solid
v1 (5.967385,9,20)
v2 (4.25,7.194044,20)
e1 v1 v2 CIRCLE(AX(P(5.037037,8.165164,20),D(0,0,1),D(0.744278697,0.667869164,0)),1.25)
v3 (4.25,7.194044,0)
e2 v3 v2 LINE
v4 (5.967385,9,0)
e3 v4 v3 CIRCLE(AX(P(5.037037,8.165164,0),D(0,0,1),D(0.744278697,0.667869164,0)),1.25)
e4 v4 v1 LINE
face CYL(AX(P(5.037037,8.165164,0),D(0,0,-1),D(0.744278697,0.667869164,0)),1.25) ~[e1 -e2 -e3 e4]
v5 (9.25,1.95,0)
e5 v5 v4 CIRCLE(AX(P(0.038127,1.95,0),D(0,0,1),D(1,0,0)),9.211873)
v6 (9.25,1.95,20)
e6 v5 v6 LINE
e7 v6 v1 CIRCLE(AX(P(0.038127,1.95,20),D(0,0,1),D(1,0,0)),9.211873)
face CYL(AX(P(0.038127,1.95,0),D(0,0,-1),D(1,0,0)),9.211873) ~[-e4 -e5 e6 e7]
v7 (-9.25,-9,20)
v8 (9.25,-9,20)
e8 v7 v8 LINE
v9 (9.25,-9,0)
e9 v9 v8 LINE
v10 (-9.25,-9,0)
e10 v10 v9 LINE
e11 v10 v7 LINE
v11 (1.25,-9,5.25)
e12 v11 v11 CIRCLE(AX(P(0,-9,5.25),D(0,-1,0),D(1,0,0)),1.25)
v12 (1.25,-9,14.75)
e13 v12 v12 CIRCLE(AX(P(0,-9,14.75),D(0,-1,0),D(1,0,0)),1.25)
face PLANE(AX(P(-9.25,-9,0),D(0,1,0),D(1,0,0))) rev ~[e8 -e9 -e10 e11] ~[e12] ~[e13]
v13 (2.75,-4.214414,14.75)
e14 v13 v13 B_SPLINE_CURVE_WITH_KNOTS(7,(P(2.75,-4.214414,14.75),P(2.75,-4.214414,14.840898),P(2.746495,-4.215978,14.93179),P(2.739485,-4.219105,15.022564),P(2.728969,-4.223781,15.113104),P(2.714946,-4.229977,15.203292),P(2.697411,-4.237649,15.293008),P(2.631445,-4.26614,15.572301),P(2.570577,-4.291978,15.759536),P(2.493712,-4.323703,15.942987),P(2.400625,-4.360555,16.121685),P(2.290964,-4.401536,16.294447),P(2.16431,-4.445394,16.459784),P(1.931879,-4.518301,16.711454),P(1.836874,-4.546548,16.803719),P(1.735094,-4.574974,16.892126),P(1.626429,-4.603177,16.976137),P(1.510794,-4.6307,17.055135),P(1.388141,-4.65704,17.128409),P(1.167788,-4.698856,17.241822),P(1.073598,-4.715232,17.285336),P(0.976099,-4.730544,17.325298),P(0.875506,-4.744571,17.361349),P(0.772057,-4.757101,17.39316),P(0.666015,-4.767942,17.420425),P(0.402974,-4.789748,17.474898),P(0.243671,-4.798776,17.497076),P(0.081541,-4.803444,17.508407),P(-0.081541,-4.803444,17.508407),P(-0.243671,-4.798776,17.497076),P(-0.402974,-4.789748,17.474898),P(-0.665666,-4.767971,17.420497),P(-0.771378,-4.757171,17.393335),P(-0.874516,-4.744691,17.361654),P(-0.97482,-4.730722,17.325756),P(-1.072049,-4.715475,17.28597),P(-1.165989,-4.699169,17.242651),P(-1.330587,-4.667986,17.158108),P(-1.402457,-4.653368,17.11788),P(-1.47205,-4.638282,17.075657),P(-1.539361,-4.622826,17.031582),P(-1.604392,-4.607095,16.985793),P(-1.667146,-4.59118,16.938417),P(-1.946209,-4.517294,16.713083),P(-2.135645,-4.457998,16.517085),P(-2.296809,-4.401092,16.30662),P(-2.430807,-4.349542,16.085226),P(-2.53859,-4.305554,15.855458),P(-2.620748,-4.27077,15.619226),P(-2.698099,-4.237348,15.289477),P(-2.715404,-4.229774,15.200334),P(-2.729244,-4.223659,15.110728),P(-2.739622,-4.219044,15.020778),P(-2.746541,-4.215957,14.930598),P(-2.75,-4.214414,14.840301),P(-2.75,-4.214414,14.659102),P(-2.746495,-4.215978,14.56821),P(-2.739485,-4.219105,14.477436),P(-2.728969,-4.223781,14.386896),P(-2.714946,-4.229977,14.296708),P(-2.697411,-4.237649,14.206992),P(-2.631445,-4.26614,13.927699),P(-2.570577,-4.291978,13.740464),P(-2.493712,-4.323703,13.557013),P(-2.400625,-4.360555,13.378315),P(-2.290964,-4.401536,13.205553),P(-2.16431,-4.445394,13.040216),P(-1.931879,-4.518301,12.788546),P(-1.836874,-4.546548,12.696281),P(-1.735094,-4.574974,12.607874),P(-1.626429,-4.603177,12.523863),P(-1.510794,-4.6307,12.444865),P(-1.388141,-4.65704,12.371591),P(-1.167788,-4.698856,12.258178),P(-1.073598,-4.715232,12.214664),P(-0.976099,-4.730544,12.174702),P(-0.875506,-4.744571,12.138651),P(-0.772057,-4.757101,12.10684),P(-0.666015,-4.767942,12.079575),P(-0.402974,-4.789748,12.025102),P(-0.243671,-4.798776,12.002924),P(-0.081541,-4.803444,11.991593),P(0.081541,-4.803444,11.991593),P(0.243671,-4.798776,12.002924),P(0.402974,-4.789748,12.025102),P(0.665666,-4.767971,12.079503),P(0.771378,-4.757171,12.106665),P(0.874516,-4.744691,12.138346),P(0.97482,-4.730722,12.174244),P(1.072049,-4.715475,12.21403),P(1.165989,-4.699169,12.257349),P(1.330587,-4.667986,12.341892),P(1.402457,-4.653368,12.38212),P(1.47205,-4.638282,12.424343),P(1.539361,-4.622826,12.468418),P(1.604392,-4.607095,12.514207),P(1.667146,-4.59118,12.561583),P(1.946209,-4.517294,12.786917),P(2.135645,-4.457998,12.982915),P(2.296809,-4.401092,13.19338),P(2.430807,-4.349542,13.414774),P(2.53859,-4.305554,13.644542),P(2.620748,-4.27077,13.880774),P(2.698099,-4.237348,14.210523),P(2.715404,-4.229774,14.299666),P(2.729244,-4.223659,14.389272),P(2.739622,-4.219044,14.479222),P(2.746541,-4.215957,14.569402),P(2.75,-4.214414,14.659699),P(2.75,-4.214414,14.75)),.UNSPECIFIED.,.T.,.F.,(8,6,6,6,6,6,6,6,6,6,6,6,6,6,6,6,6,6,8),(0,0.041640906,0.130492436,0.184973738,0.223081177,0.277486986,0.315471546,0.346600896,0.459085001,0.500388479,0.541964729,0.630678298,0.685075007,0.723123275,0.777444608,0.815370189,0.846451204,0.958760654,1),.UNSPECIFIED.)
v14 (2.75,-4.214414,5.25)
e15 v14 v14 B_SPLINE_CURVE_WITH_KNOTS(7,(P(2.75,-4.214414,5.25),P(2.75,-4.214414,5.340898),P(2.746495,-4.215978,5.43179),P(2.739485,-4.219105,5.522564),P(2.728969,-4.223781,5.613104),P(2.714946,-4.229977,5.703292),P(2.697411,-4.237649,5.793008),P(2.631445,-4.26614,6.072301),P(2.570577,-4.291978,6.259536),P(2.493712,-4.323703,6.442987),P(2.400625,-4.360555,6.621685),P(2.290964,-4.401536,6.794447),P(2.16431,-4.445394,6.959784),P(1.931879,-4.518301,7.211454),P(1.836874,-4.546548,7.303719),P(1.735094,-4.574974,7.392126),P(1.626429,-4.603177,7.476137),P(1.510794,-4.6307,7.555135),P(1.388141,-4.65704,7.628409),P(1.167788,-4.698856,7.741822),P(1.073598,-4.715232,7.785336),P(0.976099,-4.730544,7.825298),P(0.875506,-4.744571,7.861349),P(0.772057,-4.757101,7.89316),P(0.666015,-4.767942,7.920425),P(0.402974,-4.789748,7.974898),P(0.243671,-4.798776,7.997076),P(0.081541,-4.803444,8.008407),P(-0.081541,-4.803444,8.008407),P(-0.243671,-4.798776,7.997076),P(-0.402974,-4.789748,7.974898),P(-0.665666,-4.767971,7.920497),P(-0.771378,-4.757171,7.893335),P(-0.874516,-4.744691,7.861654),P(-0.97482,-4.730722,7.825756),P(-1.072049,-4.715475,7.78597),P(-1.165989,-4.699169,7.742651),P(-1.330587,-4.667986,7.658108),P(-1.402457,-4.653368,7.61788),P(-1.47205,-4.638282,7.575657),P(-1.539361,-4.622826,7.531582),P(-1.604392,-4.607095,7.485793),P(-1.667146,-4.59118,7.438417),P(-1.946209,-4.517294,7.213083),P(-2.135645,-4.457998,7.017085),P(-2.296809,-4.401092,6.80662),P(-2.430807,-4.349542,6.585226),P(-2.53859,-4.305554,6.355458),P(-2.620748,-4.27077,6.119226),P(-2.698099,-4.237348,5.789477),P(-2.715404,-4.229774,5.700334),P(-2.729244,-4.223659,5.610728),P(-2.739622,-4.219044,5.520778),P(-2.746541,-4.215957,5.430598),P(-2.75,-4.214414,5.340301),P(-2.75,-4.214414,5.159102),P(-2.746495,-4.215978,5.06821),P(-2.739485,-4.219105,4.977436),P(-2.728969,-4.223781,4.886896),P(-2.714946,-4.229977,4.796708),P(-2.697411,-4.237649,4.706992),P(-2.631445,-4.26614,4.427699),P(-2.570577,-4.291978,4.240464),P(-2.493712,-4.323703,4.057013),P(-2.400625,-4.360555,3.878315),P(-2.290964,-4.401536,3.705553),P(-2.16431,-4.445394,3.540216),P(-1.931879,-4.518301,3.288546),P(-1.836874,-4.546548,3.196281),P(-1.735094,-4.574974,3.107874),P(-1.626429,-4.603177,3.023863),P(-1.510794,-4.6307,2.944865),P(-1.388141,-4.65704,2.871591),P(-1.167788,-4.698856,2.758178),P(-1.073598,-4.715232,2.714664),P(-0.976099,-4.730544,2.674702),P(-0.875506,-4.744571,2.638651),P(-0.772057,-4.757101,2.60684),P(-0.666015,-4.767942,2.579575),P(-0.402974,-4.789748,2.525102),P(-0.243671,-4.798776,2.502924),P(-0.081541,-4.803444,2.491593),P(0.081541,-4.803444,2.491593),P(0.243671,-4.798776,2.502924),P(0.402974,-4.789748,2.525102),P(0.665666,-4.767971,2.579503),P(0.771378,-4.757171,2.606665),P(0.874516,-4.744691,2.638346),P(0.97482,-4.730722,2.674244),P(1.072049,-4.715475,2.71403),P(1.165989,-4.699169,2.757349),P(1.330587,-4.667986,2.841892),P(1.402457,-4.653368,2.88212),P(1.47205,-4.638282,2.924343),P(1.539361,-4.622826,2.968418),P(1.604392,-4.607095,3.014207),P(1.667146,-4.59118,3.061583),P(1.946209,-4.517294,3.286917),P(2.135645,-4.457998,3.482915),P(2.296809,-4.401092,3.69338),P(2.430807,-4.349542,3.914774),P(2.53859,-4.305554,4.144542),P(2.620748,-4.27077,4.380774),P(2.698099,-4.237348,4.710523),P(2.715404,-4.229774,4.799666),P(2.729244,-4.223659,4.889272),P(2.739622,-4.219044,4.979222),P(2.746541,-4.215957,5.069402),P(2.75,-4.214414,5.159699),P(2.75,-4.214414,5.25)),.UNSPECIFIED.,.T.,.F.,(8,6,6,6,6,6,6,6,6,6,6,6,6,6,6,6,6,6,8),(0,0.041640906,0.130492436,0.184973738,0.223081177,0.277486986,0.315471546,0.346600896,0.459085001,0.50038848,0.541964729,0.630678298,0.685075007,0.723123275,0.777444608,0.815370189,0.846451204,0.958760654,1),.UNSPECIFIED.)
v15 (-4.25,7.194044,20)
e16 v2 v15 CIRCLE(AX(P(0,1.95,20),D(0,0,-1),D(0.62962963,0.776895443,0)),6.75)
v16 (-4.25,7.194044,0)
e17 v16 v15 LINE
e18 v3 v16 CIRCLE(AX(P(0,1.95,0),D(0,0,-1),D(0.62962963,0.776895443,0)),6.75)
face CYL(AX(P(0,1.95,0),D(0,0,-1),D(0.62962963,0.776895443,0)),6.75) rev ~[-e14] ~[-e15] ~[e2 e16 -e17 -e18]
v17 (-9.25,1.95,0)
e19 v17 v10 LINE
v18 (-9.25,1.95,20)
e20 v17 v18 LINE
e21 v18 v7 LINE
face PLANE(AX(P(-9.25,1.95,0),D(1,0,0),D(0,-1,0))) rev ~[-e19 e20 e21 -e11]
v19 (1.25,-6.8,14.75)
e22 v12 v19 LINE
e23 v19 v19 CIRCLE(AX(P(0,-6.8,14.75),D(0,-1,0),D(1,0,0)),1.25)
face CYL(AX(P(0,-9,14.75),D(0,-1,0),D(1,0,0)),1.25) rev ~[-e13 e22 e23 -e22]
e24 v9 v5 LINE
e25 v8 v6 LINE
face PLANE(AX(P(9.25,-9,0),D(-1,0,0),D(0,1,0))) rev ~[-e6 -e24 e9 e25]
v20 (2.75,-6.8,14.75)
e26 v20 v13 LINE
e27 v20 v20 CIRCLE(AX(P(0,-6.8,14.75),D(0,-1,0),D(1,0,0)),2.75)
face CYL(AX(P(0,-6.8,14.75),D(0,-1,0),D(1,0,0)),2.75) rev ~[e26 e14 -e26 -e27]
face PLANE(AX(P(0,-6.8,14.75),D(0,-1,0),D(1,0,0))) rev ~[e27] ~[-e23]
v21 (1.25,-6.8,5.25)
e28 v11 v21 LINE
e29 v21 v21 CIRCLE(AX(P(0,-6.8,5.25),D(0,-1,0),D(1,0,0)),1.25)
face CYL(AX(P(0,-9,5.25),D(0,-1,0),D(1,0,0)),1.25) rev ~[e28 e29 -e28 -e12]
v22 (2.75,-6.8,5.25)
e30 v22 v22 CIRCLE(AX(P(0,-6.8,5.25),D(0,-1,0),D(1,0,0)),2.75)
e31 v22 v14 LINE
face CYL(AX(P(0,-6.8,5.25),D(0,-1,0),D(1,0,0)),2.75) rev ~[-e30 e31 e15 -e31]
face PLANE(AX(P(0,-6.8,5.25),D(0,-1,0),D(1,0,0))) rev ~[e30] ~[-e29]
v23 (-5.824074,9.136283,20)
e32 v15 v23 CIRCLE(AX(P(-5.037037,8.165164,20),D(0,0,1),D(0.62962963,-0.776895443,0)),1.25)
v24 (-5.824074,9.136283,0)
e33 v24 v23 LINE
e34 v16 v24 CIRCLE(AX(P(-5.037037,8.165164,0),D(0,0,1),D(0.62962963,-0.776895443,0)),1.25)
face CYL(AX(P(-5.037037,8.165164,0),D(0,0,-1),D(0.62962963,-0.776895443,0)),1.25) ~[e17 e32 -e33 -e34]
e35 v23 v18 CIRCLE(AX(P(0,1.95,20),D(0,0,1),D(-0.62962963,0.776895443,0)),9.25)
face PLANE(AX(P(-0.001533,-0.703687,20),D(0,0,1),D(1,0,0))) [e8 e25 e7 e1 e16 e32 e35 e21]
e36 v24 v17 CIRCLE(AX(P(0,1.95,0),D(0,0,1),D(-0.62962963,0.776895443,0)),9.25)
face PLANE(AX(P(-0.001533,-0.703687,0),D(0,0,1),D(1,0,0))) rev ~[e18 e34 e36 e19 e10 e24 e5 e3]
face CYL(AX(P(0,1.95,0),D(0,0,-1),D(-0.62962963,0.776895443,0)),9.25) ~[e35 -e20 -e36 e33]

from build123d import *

# Parameters (mm, degrees)
F1_DEPTH = 20
F2_R     = 1.25
F3_DEPTH = 6
F5_R     = 2.75
F6_DEPTH = 5


with BuildPart() as f1:
    # F0 (on Top) → F1 (new body)
    with BuildSketch(Plane.XY):
        with BuildLine():
            Line((-9.25, -9), (9.25, -9))
            Line((9.25, -9), (9.25, 1.95))
            ThreePointArc((9.25, 1.95), (8.3891203434, 5.8383820078), (5.9673854088, 9))
            ThreePointArc((5.9673854088, 9), (4.1312205072, 9.0265556821), (4.25, 7.1940442409))
            ThreePointArc((4.25, 7.1940442409), (0, -4.8), (-4.25, 7.1940442409))
            ThreePointArc((-4.25, 7.1940442409), (-4.0659177332, 8.9522005817), (-5.8240740741, 9.1362828486))
            ThreePointArc((-5.8240740741, 9.1362828486), (-8.3497061381, 5.9305662169), (-9.25, 1.95))
            Line((-9.25, 1.95), (-9.25, -9))
        make_face()
    extrude(amount=F1_DEPTH)

    # F2 (on face) → F3 (cut)
    with BuildSketch(Plane.XZ.offset(9)):
        with Locations((0, 14.75)):
            Circle(F2_R)
        with Locations((0, 5.25)):
            Circle(F2_R)
    extrude(amount=-F3_DEPTH, mode=Mode.SUBTRACT)

    # F5 (on offset) → F6 (cut)
    with BuildSketch(Plane.XZ.offset(6.8)):
        with Locations((0, 14.75)):
            Circle(F5_R)
        with Locations((0, 5.25)):
            Circle(F5_R)
    extrude(amount=-F6_DEPTH, mode=Mode.SUBTRACT)


solid = f1.part
